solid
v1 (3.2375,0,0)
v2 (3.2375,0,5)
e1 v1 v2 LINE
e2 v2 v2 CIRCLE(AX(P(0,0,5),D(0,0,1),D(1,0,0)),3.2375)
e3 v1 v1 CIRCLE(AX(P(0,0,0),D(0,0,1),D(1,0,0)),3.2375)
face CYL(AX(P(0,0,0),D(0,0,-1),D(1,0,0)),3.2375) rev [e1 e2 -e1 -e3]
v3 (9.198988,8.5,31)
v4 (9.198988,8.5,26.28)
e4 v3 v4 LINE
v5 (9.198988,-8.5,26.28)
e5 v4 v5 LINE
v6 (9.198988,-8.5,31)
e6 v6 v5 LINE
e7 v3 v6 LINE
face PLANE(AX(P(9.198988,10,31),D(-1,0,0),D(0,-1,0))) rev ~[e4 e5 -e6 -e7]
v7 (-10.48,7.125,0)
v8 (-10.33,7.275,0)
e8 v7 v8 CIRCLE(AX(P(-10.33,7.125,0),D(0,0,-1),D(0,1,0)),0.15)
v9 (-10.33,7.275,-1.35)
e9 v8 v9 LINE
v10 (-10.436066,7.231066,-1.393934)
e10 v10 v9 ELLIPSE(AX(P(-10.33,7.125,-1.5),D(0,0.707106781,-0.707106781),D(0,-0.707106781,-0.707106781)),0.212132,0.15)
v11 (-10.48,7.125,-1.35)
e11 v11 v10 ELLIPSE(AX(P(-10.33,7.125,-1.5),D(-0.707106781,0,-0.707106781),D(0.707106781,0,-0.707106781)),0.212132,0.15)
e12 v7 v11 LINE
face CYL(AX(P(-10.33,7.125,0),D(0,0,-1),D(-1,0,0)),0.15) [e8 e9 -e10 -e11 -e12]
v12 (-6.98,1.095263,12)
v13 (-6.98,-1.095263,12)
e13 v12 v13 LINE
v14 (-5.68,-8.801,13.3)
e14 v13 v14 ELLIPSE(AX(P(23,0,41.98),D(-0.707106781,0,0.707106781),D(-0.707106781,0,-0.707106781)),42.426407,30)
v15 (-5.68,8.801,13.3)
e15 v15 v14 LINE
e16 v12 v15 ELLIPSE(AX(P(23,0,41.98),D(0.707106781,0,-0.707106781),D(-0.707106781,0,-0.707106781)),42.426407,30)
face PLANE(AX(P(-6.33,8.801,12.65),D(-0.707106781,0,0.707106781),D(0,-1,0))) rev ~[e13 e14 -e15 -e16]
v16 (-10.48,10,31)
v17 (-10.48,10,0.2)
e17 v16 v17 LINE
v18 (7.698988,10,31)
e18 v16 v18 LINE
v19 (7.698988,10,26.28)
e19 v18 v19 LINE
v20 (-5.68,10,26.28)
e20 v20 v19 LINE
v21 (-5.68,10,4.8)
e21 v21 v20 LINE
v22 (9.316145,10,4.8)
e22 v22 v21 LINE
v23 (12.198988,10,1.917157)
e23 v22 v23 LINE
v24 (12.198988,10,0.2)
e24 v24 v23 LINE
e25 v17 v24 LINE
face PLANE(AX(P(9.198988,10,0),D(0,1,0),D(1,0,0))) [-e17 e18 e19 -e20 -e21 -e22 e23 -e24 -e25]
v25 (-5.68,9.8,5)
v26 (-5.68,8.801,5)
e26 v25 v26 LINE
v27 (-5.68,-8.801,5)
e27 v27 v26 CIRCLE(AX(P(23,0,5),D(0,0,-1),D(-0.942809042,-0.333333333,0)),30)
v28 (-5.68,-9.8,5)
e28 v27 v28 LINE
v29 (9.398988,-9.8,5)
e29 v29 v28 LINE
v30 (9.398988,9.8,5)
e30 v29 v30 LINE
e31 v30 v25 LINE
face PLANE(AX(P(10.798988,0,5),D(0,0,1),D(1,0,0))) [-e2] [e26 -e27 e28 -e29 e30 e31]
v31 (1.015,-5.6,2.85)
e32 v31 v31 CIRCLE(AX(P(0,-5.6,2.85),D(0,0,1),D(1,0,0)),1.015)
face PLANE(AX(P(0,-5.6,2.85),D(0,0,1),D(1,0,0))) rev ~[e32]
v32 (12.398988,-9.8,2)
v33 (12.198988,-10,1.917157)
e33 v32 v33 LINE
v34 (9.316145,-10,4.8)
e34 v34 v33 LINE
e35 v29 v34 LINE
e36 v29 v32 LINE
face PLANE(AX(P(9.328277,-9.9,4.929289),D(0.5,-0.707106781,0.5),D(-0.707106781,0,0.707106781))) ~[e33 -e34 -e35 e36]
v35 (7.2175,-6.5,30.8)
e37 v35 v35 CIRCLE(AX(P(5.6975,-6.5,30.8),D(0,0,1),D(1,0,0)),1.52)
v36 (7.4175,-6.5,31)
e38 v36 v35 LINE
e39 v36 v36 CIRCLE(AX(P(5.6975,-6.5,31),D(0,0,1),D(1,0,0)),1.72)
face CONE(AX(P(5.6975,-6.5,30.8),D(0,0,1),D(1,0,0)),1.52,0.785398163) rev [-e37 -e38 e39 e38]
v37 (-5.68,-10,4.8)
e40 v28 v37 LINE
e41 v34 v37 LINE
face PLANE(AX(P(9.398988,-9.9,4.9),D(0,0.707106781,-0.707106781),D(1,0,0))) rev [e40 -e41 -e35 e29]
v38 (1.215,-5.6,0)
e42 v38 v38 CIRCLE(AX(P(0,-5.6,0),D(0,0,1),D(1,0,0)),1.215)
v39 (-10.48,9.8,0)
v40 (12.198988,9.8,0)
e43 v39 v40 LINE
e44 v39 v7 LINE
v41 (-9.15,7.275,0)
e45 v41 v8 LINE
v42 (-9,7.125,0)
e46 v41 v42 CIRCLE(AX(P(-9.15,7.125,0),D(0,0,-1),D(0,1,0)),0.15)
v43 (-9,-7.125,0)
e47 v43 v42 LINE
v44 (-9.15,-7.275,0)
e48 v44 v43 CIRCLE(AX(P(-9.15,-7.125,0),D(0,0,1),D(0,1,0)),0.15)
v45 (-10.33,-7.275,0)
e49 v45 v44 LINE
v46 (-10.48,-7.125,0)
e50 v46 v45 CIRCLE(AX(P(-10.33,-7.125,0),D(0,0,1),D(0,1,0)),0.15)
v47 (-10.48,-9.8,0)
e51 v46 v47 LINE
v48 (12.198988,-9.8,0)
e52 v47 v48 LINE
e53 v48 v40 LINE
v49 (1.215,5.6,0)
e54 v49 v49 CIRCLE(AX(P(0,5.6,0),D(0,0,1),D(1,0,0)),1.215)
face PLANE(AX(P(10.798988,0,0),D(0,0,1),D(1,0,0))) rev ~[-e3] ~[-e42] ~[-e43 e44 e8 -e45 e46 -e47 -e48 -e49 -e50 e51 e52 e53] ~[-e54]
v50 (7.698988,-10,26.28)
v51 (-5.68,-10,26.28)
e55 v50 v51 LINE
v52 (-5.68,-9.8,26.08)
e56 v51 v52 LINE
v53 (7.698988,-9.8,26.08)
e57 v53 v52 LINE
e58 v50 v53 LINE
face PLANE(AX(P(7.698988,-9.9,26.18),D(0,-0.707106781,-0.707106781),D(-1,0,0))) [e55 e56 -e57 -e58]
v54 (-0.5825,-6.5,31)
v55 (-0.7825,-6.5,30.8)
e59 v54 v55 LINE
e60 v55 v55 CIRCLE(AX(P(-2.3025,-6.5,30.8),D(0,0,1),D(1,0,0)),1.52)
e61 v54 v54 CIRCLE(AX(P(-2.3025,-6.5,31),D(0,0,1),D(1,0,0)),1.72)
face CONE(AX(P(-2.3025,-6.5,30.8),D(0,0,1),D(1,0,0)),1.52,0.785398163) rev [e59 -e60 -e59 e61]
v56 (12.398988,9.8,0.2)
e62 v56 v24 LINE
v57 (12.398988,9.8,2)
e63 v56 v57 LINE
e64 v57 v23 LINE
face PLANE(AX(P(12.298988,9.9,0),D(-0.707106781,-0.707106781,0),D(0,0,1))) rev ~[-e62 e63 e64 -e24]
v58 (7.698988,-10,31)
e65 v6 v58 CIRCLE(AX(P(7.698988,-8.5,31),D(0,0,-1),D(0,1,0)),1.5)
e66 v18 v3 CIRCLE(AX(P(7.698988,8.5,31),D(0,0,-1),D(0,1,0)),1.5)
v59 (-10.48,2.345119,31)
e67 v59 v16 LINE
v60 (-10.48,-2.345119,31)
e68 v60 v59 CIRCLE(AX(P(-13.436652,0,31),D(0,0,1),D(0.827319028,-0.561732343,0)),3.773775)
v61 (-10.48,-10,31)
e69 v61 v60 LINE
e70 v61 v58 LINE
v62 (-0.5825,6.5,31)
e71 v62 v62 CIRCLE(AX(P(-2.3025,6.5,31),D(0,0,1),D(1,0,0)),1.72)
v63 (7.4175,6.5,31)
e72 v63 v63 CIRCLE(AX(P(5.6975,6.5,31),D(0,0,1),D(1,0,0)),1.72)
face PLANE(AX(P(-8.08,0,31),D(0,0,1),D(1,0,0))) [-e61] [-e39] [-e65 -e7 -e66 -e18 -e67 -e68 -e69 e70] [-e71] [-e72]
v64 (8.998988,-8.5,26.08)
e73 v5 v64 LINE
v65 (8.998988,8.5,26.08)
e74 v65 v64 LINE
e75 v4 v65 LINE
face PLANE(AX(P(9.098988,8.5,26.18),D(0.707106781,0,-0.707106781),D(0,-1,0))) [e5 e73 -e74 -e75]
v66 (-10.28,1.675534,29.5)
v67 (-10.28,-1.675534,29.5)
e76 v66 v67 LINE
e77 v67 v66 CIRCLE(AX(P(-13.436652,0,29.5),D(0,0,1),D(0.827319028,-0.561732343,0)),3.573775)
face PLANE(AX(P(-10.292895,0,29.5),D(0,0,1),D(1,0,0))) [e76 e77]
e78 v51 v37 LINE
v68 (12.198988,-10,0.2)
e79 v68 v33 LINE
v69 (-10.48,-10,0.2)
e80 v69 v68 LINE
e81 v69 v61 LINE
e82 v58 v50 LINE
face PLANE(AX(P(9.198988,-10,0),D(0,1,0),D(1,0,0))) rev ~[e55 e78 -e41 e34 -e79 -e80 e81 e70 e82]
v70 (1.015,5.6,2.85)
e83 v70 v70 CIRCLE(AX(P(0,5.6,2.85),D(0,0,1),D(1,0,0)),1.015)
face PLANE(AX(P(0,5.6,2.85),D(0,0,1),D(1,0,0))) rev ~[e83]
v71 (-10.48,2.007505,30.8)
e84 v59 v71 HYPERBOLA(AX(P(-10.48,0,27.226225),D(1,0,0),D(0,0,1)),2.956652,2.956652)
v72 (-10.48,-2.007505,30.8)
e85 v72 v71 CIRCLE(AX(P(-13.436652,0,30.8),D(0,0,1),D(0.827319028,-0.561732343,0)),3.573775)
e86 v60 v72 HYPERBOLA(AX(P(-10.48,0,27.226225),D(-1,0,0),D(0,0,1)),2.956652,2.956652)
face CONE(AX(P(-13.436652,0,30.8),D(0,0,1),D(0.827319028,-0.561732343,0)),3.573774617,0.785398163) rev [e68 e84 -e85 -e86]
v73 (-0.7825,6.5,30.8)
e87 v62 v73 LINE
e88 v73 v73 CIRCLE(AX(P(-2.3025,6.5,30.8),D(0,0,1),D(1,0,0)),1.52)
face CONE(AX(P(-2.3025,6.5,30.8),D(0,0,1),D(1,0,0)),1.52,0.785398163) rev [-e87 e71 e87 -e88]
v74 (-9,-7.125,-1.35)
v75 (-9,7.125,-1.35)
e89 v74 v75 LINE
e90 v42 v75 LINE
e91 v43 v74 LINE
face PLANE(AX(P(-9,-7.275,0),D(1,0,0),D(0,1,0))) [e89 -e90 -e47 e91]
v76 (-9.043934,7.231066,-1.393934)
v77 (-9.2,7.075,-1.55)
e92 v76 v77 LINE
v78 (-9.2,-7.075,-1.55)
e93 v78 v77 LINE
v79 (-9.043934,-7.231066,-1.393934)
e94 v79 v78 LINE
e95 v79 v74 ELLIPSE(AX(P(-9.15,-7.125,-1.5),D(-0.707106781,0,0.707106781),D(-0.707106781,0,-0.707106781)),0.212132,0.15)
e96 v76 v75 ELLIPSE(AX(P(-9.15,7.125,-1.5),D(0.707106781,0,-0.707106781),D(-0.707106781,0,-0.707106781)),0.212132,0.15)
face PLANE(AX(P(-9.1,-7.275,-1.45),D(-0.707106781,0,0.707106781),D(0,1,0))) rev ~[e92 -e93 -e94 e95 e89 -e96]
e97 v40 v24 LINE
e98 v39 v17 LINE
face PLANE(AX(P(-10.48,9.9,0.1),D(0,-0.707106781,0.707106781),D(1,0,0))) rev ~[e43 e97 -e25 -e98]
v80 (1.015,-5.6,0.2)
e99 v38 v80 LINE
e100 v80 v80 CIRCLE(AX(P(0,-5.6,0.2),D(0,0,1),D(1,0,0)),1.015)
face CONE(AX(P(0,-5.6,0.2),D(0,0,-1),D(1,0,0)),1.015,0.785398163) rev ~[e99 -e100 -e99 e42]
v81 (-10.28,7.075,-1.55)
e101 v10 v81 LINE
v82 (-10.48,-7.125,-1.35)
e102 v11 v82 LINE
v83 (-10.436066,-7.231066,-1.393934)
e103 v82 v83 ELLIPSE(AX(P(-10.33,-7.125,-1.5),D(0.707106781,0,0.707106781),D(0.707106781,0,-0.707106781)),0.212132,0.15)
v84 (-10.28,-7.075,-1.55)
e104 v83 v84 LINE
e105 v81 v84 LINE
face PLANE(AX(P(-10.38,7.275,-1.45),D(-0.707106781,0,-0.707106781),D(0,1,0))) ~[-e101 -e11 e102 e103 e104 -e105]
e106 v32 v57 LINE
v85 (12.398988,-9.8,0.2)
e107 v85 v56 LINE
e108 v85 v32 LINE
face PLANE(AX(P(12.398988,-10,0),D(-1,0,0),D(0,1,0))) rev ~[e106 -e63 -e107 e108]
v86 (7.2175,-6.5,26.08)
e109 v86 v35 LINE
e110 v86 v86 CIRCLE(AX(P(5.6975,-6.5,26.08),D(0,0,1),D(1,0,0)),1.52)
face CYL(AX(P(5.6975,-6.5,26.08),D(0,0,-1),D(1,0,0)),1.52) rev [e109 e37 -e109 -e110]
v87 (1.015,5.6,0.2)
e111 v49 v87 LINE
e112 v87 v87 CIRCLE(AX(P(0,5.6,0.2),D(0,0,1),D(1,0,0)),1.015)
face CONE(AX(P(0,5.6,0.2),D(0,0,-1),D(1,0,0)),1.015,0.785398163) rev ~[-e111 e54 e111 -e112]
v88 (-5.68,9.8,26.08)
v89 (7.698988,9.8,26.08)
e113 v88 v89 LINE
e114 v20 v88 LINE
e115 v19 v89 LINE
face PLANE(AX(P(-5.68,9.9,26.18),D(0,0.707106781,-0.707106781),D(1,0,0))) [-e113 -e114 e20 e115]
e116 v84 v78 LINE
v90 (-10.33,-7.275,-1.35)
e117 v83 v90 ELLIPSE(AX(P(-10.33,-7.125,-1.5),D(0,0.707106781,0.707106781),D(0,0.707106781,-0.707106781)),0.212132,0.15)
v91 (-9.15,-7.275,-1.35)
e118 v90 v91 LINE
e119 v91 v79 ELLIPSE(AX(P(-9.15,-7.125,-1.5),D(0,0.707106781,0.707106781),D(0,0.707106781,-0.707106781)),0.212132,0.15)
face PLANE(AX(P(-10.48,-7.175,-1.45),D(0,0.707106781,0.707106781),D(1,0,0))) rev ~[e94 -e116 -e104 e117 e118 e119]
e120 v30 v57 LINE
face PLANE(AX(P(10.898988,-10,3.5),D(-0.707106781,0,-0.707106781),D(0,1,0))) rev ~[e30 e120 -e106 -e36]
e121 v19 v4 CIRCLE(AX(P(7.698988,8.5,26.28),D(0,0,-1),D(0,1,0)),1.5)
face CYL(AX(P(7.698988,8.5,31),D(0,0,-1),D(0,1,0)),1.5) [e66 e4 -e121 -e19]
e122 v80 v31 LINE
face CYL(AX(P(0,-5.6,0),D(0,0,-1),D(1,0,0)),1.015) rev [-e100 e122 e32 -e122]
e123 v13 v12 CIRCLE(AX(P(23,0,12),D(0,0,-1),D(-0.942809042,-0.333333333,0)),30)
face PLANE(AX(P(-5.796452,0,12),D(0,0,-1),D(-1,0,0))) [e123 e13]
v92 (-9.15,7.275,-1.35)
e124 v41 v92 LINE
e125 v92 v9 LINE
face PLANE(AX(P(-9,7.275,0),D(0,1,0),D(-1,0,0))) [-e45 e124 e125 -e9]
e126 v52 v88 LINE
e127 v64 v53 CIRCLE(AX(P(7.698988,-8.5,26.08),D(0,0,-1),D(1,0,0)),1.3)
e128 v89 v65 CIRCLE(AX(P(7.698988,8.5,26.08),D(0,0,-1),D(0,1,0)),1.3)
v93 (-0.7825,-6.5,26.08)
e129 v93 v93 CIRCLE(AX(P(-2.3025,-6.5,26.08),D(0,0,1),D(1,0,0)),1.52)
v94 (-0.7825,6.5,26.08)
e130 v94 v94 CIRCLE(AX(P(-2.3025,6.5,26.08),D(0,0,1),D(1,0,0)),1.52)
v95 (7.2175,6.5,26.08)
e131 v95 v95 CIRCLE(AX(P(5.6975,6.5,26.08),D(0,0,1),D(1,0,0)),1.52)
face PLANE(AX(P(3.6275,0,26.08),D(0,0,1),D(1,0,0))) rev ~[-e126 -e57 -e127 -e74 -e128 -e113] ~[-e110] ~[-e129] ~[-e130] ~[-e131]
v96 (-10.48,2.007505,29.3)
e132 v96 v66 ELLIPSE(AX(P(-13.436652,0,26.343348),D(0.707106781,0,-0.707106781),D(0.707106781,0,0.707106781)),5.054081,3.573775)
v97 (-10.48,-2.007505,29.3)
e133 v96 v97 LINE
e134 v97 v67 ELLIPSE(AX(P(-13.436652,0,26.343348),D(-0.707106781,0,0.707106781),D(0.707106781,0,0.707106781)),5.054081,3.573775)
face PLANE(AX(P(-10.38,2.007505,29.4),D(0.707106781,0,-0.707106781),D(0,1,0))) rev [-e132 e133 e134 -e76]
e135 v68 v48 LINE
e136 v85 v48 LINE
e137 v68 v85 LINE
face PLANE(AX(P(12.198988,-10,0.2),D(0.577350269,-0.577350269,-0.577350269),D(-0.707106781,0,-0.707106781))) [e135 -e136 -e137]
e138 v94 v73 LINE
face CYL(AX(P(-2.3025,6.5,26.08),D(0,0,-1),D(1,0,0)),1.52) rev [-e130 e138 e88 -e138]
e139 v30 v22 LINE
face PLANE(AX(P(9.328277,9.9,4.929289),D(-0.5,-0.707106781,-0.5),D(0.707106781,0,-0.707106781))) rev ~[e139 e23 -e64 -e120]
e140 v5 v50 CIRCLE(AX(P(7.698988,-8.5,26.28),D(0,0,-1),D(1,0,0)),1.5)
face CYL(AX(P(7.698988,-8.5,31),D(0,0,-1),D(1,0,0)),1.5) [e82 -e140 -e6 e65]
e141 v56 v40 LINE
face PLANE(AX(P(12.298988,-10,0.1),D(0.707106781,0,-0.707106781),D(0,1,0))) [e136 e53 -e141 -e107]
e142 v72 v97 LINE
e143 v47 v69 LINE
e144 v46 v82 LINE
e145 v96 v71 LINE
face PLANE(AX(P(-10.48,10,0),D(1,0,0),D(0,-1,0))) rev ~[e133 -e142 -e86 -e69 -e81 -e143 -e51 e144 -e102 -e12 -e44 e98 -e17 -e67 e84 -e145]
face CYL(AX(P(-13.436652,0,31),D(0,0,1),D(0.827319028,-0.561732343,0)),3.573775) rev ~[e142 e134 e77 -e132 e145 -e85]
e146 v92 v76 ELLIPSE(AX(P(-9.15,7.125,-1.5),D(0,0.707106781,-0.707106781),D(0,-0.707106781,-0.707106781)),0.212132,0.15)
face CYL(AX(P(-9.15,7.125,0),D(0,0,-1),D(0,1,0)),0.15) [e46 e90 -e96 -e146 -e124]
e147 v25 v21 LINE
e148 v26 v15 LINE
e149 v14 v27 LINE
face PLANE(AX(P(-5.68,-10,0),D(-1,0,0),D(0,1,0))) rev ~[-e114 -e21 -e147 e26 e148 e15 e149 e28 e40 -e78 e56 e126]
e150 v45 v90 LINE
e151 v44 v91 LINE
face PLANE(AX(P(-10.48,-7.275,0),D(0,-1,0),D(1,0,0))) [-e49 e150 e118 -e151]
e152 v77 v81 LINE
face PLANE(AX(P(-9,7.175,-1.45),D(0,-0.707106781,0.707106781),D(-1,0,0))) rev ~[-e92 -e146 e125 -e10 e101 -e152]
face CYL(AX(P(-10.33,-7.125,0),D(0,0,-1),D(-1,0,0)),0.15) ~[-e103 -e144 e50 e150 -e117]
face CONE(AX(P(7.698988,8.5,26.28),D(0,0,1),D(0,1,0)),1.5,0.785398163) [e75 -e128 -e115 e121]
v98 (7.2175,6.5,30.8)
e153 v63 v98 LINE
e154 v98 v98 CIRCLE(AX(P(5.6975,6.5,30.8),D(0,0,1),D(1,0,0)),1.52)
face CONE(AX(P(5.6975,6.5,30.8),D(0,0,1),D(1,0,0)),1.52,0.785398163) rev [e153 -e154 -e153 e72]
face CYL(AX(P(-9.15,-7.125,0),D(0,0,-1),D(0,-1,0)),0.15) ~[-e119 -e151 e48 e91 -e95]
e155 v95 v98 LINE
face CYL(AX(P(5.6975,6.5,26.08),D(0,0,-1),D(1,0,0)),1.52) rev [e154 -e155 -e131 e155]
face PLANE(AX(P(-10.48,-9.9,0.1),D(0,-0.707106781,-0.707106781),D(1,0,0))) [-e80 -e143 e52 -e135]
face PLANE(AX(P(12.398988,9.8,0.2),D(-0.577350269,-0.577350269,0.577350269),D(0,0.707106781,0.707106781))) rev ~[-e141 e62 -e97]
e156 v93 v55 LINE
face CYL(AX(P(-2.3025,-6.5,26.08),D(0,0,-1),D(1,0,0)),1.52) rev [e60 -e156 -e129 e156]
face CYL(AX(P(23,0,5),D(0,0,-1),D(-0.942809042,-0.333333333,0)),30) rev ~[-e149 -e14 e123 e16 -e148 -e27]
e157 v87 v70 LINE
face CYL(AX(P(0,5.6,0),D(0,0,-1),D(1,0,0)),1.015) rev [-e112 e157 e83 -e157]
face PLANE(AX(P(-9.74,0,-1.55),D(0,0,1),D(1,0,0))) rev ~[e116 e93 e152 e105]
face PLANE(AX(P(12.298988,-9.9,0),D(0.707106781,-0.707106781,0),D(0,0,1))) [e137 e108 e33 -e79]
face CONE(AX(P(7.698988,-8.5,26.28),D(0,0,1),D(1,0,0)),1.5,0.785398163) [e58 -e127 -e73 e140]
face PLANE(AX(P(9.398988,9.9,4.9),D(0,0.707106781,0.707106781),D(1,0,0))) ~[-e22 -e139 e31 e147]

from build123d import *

# Parameters (mm, degrees)
SKETCH_1_R          = 3.2375
EXTRUDE_1_DEPTH     = 5
SKETCH_2_R          = 1.015
CUT_EXTRUDE_1_DEPTH = 2.85
CHAMFER_1_SIZE      = 0.2
EXTRUDE_2_DEPTH     = 1.55
CHAMFER_2_SIZE      = 0.2
FILLET_1_R          = 0.15
SKETCH_6_W          = 4.8
SKETCH_6_H          = 20
EXTRUDE_3_DEPTH     = 31
EXTRUDE_START       = 31
SKETCH_7_W          = 19.9
SKETCH_7_H          = 20
EXTRUDE_4_DEPTH     = 4.92
CUT_EXTRUDE_START   = 26.08
SKETCH_8_R          = 1.52
CUT_EXTRUDE_2_DEPTH = 4.92
CHAMFER_3_SIZE      = 0.2
CUT_EXTRUDE_START_2 = 31
CUT_EXTRUDE_3_DEPTH = 31
FILLET_2_R          = 1.5
CUT_EXTRUDE_4_DEPTH = 1.5
CHAMFER_4_SIZE      = 0.2
SKETCH_13_W         = 3.2
SKETCH_13_H         = 20
EXTRUDE_5_DEPTH     = 5
CHAMFER_5_SIZE      = 3
CUT_EXTRUDE_START_3 = 5
CUT_EXTRUDE_5_DEPTH = 7
CHAMFER_7_SIZE      = 1.3
CHAMFER_8_SIZE      = 0.2


with BuildPart() as part:
    # 草图1 → 凸台-拉伸1 (new body)
    with BuildSketch(Plane.XY):
        Polygon((13.5775, 0), (13.5775, 10), (-10.48, 10), (-10.48, 0), (-10.48, -10), (13.5775, -10), align=None)
        Circle(SKETCH_1_R, mode=Mode.SUBTRACT)
    extrude(amount=EXTRUDE_1_DEPTH)

    # 草图2 → 切除-拉伸1 (cut)
    with BuildSketch(Plane.XY):
        with Locations((0, 5.6)):
            Circle(SKETCH_2_R)
        with Locations((0, -5.6)):
            Circle(SKETCH_2_R)
    extrude(amount=CUT_EXTRUDE_1_DEPTH, mode=Mode.SUBTRACT)

    # 倒角1
    chamfer_1_edges = [part.edges().sort_by_distance(p)[0] for p in [
        (-1.015, 5.6, 0),
        (-1.015, -5.6, 0),
    ]]
    chamfer(chamfer_1_edges, length=CHAMFER_1_SIZE)

    # 草图5 → 凸台-拉伸2 (add)
    with BuildSketch(Plane.XY):
        Polygon((-9, 7.275), (-10.48, 7.275), (-10.48, -7.275), (-9, -7.275), (-9, 0), align=None)
    extrude(amount=-EXTRUDE_2_DEPTH)

    # 倒角2
    chamfer_2_edges = [part.edges().sort_by_distance(p)[0] for p in [
        (-9.74, -7.275, -1.55),
        (-10.48, 0, -1.55),
        (-9.74, 7.275, -1.55),
        (-9, 0, -1.55),
    ]]
    chamfer(chamfer_2_edges, length=CHAMFER_2_SIZE)

    # 圆角1
    fillet_1_edges = [part.edges().sort_by_distance(p)[0] for p in [
        (-10.48, -7.275, -0.675),
        (-9, -7.275, -0.675),
        (-9, 7.275, -0.675),
        (-10.48, 7.275, -0.675),
    ]]
    fillet(fillet_1_edges, radius=FILLET_1_R)

    # 草图6 → 凸台-拉伸3 (add)
    with BuildSketch(Plane.XY):
        with Locations((-8.08, 0)):
            Rectangle(SKETCH_6_W, SKETCH_6_H)
    extrude(amount=EXTRUDE_3_DEPTH)

    # 草图7 → 凸台-拉伸4 (add)
    with BuildSketch(Plane.XY.offset(EXTRUDE_START)):
        with Locations((3.6275, 0)):
            Rectangle(SKETCH_7_W, SKETCH_7_H)
    extrude(amount=-EXTRUDE_4_DEPTH)

    # 草图8 → 切除-拉伸2 (cut)
    with BuildSketch(Plane.XY.offset(CUT_EXTRUDE_START)):
        with Locations((-2.3025, 6.5)):
            Circle(SKETCH_8_R)
        with Locations((5.6975, 6.5)):
            Circle(SKETCH_8_R)
        with Locations((5.6975, -6.5)):
            Circle(SKETCH_8_R)
        with Locations((-2.3025, -6.5)):
            Circle(SKETCH_8_R)
    extrude(amount=CUT_EXTRUDE_2_DEPTH, mode=Mode.SUBTRACT)

    # 倒角3
    chamfer_3_edges = [part.edges().sort_by_distance(p)[0] for p in [
        (-3.8225, -6.5, 31),
        (4.1775, -6.5, 31),
        (4.1775, 6.5, 31),
        (-3.8225, 6.5, 31),
    ]]
    chamfer(chamfer_3_edges, length=CHAMFER_3_SIZE)

    # 草图10 → 切除-拉伸3 (cut)
    with BuildSketch(Plane.XY.offset(CUT_EXTRUDE_START_2)):
        Polygon((9.198987738, 6.5), (9.198987738, -10), (13.5775, -10), (13.5775, 10), (9.198987738, 10), align=None)
    extrude(amount=-CUT_EXTRUDE_3_DEPTH, mode=Mode.SUBTRACT)

    # 圆角2
    fillet_2_edges = [part.edges().sort_by_distance(p)[0] for p in [
        (9.198987738, 10, 28.54),
        (9.198987738, -10, 28.54),
    ]]
    fillet(fillet_2_edges, radius=FILLET_2_R)

    # 草图11 → 切除-拉伸4 (cut)
    with BuildSketch(Plane.XY.offset(CUT_EXTRUDE_START_2)):
        with BuildLine():
            Line((-10.48, 2.007504789), (-10.48, -2.007504789))
            ThreePointArc((-10.48, -2.007504789), (-9.862877127, 0), (-10.48, 2.007504789))
        make_face()
    extrude(amount=-CUT_EXTRUDE_4_DEPTH, mode=Mode.SUBTRACT)

    # 倒角4
    chamfer_4_edges = [part.edges().sort_by_distance(p)[0] for p in [
        (1.009493869, 10, 26.08),
        (1.009493869, -10, 26.08),
        (9.198987738, 0, 26.08),
        (8.759647909, 9.560660172, 26.08),
        (8.759647909, -9.560660172, 26.08),
        (-10.48, 0, 29.5),
        (-9.862877127, 0, 31),
    ]]
    chamfer(chamfer_4_edges, length=CHAMFER_4_SIZE)

    # 草图13 → 凸台-拉伸5 (add)
    with BuildSketch(Plane.XY):
        with Locations((10.798987738, 0)):
            Rectangle(SKETCH_13_W, SKETCH_13_H)
    extrude(amount=EXTRUDE_5_DEPTH)

    # 倒角5
    chamfer_5_edges = [part.edges().sort_by_distance(p)[0] for p in [
        (12.398987738, 0, 5),
    ]]
    chamfer(chamfer_5_edges, length=CHAMFER_5_SIZE)

    # 草图14 → 切除-拉伸5 (cut)
    with BuildSketch(Plane.XY.offset(CUT_EXTRUDE_START_3)):
        with BuildLine():
            Line((-5.284271247, 10), (-5.284271247, -10))
            ThreePointArc((-5.284271247, -10), (-7, 0), (-5.284271247, 10))
        make_face()
    extrude(amount=CUT_EXTRUDE_5_DEPTH, mode=Mode.SUBTRACT)

    # 倒角7
    chamfer_7_edges = [part.edges().sort_by_distance(p)[0] for p in [
        (-5.68, 0, 12),
    ]]
    chamfer(chamfer_7_edges, length=CHAMFER_7_SIZE)

    # 倒角8
    chamfer_8_edges = [part.edges().sort_by_distance(p)[0] for p in [
        (1.859493869, -10, 5),
        (0.959493869, 10, 0),
        (12.398987738, 0, 0),
        (12.398987738, 10, 1),
        (12.398987738, -10, 1),
        (10.898987738, -10, 3.5),
        (1.859493869, 10, 5),
        (10.898987738, 10, 3.5),
        (0.959493869, -10, 0),
    ]]
    chamfer(chamfer_8_edges, length=CHAMFER_8_SIZE)


solid = part.part
